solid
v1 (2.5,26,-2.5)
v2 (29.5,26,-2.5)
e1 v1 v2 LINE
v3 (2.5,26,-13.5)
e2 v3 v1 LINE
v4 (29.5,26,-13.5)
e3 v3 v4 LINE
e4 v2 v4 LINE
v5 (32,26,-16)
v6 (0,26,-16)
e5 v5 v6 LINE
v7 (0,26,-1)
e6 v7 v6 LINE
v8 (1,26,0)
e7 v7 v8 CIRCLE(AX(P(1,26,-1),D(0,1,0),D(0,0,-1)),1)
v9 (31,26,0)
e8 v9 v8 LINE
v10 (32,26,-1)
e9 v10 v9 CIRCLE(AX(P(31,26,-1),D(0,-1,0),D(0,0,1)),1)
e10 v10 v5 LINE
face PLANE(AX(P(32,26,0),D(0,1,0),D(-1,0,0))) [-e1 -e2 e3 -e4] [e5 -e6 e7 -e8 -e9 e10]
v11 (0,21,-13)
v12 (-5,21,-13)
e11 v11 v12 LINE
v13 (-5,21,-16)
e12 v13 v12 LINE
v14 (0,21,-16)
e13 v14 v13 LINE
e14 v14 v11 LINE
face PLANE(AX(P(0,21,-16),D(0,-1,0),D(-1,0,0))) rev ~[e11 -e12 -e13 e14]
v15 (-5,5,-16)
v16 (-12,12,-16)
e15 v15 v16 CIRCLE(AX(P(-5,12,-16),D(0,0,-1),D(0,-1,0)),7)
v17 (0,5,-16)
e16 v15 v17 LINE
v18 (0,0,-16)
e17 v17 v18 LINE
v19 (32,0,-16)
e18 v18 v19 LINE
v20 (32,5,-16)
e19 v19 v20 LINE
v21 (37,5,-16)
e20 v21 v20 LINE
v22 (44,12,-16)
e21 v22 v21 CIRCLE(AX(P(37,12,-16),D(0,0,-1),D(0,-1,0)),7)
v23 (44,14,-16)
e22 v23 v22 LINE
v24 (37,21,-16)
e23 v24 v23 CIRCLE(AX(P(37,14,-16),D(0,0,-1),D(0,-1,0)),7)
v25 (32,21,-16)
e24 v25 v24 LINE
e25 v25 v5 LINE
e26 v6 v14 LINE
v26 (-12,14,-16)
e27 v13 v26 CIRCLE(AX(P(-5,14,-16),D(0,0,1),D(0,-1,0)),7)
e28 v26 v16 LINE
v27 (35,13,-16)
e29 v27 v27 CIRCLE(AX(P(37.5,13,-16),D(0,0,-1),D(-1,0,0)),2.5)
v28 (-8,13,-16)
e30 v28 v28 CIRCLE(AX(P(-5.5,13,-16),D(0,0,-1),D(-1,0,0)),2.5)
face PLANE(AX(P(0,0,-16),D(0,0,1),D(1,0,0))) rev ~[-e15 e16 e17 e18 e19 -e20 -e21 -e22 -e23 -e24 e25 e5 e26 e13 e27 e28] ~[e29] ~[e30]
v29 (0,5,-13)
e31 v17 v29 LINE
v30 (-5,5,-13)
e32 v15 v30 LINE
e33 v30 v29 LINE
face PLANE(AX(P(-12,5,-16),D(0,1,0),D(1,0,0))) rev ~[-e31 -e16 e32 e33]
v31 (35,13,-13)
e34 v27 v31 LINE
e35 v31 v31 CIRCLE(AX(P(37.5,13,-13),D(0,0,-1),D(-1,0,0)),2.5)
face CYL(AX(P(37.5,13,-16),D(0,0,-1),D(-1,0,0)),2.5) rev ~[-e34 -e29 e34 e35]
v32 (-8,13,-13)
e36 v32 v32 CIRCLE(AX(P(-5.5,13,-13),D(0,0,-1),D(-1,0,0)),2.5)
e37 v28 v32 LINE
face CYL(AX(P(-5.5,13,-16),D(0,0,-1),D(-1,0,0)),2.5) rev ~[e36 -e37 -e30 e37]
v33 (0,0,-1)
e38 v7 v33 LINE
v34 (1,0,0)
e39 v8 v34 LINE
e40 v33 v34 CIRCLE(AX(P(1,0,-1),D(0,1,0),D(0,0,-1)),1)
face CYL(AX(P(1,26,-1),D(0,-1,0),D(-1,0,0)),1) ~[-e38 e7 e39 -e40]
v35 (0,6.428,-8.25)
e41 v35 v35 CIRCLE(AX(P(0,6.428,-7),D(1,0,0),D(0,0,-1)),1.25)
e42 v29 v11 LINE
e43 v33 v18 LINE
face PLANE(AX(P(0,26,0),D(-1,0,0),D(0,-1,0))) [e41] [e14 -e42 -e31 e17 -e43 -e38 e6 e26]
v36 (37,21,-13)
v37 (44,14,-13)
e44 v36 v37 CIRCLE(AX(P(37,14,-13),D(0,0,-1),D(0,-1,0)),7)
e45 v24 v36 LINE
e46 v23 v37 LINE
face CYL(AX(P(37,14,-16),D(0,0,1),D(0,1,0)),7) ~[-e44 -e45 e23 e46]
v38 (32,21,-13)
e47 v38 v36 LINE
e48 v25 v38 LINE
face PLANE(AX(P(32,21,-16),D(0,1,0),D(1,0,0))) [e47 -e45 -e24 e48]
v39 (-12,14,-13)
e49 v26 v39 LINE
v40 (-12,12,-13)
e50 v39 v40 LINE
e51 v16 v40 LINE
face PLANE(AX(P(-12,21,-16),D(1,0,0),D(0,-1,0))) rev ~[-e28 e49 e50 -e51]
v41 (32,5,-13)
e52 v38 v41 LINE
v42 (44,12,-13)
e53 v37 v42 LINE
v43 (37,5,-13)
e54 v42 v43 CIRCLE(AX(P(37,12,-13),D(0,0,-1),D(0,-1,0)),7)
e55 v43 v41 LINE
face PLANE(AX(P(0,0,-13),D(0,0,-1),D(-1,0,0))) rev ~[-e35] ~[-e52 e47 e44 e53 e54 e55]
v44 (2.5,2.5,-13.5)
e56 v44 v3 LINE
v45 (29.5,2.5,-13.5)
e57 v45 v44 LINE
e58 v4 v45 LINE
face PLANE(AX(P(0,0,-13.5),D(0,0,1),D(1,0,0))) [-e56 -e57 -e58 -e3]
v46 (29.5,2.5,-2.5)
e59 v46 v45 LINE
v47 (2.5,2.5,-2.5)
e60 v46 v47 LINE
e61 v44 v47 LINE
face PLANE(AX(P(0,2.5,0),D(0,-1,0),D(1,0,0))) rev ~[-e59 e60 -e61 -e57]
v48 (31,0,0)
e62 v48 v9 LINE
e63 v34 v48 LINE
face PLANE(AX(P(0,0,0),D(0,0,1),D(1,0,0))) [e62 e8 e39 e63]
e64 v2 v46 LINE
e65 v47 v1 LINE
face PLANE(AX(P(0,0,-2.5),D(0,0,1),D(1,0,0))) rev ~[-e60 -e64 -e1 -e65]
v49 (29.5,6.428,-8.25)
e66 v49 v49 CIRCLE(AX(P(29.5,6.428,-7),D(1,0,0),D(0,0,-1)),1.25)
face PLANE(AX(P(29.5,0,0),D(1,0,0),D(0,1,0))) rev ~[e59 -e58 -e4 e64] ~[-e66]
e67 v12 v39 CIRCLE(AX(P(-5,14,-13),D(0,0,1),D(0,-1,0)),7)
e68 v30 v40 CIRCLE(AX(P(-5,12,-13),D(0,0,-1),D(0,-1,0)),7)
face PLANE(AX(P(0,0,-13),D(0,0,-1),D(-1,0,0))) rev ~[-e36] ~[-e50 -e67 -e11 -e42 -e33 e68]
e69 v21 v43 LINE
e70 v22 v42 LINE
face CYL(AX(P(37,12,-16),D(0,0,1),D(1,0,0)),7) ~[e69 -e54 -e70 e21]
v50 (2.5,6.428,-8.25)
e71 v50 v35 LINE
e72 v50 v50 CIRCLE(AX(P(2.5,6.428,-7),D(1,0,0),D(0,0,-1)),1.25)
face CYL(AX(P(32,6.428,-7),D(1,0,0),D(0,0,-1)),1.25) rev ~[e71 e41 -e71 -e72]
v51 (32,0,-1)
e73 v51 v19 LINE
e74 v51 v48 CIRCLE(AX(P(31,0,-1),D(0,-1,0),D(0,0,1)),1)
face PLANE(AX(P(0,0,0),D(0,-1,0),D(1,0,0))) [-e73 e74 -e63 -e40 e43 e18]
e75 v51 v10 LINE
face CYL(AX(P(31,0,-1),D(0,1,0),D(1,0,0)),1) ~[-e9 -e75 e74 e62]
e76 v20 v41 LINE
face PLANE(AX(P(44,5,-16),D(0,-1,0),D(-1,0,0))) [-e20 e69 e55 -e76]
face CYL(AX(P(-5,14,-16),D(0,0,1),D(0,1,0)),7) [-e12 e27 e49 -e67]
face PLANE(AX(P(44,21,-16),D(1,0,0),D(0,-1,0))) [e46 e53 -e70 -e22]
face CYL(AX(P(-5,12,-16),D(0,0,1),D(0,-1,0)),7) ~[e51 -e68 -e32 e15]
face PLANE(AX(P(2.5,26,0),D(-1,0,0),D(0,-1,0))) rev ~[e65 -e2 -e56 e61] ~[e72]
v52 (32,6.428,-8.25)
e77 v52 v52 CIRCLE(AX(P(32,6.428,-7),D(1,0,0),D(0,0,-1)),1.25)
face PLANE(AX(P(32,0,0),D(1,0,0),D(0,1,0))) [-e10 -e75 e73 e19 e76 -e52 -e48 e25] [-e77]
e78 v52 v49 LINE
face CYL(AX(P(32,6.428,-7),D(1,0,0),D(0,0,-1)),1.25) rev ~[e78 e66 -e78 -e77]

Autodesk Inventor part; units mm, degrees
ref_plane "YZ Plane" through (0, 0, 0) normal (1, 0, 0) x (0, 1, 0)
ref_plane "XZ Plane" through (0, 0, 0) normal (0, 1, 0) x (-1, 0, 0)
ref_plane "XY Plane" through (0, 0, 0) normal (0, 0, 1) x (1, 0, 0)
sketch "Esboço1" plane through (0, 0, 0) normal (0, 0, 1) x (1, 0, 0)
  line L0 (0, 0) -> (32, 0)
  line L1 (32, 0) -> (32, 26)
  line L2 (32, 26) -> (0, 26)
  line L3 (0, 26) -> (0, 0)
  dimension "d0" = 32
  dimension "d1" = 26
extrude "Extrusão1" add sketch "Esboço1" against normal blind 16
shell "Casca1" thickness 2.5 removed faces 1 at (21.3333, 26, -10.6667)
sketch "Esboço2" plane through (0, 0, -16) normal (0, 0, -1) x (-1, 0, 0)
  line L0 (0, 0) -> (0, 26) projected
  line L1 (0, 21) -> (12, 21)
  line L2 (12, 21) -> (12, 5)
  line L3 (12, 5) -> (0, 5)
  line L4 (0, 5) -> (0, 21)
  line L5 (-32, 0) -> (0, 0) projected
  line L6 (-32, 26) -> (-32, 0) projected
  line L7 (-32, 21) -> (-44, 21)
  line L8 (-44, 21) -> (-44, 5)
  line L9 (-44, 5) -> (-32, 5)
  line L10 (-32, 5) -> (-32, 21)
  point P0 (-32, 5)
  point P1 (0, 5)
  dimension "d5" = 12
  dimension "d6" = 16
  dimension "d7" = 5
  dimension "d8" = 12
  dimension "d18" = 16
  dimension "d19" = 5
extrude "Extrusão2" add sketch "Esboço2" against normal blind 3
sketch "Esboço3" plane through (0, 0, -16) normal (0, 0, -1) x (-1, 0, 0)
  circle A0 centre (5.5, 13) radius 2.5
  line L0 (12, 5) -> (12, 21) projected
  circle A1 centre (-37.5, 13) radius 2.5
  line L1 (-44, 21) -> (-44, 5) projected
  point P0 (0, 0)
  dimension "d11" = 5
  dimension "d12" = 6.5
  dimension "d13" = 5
  dimension "d14" = 6.5
extrude "Extrusão3" cut sketch "Esboço3" against normal blind 3
fillet "Arredondamento1" radius 7 4 edges at (44, 21, -14.5) (44, 5, -14.5) (-12, 5, -14.5) (-12, 21, -14.5)
fillet "Arredondamento2" radius 1 2 edges at (32, 13, 0) (0, 13, 0)
sketch "Esboço4" plane through (32, 5, -13) normal (1, 0, 0) x (0, 0, -1)
  circle A0 centre (-6, 1.428) radius 1.25
  line L0 (0, 0) -> (0, 7) projected
  point P0 (-13, -5)
  dimension "d21" = 2.5
  dimension "d22" = 6
extrude "Extrusão4" cut sketch "Esboço4" against normal blind 36.75
properties part number "caixa do fusivel"
